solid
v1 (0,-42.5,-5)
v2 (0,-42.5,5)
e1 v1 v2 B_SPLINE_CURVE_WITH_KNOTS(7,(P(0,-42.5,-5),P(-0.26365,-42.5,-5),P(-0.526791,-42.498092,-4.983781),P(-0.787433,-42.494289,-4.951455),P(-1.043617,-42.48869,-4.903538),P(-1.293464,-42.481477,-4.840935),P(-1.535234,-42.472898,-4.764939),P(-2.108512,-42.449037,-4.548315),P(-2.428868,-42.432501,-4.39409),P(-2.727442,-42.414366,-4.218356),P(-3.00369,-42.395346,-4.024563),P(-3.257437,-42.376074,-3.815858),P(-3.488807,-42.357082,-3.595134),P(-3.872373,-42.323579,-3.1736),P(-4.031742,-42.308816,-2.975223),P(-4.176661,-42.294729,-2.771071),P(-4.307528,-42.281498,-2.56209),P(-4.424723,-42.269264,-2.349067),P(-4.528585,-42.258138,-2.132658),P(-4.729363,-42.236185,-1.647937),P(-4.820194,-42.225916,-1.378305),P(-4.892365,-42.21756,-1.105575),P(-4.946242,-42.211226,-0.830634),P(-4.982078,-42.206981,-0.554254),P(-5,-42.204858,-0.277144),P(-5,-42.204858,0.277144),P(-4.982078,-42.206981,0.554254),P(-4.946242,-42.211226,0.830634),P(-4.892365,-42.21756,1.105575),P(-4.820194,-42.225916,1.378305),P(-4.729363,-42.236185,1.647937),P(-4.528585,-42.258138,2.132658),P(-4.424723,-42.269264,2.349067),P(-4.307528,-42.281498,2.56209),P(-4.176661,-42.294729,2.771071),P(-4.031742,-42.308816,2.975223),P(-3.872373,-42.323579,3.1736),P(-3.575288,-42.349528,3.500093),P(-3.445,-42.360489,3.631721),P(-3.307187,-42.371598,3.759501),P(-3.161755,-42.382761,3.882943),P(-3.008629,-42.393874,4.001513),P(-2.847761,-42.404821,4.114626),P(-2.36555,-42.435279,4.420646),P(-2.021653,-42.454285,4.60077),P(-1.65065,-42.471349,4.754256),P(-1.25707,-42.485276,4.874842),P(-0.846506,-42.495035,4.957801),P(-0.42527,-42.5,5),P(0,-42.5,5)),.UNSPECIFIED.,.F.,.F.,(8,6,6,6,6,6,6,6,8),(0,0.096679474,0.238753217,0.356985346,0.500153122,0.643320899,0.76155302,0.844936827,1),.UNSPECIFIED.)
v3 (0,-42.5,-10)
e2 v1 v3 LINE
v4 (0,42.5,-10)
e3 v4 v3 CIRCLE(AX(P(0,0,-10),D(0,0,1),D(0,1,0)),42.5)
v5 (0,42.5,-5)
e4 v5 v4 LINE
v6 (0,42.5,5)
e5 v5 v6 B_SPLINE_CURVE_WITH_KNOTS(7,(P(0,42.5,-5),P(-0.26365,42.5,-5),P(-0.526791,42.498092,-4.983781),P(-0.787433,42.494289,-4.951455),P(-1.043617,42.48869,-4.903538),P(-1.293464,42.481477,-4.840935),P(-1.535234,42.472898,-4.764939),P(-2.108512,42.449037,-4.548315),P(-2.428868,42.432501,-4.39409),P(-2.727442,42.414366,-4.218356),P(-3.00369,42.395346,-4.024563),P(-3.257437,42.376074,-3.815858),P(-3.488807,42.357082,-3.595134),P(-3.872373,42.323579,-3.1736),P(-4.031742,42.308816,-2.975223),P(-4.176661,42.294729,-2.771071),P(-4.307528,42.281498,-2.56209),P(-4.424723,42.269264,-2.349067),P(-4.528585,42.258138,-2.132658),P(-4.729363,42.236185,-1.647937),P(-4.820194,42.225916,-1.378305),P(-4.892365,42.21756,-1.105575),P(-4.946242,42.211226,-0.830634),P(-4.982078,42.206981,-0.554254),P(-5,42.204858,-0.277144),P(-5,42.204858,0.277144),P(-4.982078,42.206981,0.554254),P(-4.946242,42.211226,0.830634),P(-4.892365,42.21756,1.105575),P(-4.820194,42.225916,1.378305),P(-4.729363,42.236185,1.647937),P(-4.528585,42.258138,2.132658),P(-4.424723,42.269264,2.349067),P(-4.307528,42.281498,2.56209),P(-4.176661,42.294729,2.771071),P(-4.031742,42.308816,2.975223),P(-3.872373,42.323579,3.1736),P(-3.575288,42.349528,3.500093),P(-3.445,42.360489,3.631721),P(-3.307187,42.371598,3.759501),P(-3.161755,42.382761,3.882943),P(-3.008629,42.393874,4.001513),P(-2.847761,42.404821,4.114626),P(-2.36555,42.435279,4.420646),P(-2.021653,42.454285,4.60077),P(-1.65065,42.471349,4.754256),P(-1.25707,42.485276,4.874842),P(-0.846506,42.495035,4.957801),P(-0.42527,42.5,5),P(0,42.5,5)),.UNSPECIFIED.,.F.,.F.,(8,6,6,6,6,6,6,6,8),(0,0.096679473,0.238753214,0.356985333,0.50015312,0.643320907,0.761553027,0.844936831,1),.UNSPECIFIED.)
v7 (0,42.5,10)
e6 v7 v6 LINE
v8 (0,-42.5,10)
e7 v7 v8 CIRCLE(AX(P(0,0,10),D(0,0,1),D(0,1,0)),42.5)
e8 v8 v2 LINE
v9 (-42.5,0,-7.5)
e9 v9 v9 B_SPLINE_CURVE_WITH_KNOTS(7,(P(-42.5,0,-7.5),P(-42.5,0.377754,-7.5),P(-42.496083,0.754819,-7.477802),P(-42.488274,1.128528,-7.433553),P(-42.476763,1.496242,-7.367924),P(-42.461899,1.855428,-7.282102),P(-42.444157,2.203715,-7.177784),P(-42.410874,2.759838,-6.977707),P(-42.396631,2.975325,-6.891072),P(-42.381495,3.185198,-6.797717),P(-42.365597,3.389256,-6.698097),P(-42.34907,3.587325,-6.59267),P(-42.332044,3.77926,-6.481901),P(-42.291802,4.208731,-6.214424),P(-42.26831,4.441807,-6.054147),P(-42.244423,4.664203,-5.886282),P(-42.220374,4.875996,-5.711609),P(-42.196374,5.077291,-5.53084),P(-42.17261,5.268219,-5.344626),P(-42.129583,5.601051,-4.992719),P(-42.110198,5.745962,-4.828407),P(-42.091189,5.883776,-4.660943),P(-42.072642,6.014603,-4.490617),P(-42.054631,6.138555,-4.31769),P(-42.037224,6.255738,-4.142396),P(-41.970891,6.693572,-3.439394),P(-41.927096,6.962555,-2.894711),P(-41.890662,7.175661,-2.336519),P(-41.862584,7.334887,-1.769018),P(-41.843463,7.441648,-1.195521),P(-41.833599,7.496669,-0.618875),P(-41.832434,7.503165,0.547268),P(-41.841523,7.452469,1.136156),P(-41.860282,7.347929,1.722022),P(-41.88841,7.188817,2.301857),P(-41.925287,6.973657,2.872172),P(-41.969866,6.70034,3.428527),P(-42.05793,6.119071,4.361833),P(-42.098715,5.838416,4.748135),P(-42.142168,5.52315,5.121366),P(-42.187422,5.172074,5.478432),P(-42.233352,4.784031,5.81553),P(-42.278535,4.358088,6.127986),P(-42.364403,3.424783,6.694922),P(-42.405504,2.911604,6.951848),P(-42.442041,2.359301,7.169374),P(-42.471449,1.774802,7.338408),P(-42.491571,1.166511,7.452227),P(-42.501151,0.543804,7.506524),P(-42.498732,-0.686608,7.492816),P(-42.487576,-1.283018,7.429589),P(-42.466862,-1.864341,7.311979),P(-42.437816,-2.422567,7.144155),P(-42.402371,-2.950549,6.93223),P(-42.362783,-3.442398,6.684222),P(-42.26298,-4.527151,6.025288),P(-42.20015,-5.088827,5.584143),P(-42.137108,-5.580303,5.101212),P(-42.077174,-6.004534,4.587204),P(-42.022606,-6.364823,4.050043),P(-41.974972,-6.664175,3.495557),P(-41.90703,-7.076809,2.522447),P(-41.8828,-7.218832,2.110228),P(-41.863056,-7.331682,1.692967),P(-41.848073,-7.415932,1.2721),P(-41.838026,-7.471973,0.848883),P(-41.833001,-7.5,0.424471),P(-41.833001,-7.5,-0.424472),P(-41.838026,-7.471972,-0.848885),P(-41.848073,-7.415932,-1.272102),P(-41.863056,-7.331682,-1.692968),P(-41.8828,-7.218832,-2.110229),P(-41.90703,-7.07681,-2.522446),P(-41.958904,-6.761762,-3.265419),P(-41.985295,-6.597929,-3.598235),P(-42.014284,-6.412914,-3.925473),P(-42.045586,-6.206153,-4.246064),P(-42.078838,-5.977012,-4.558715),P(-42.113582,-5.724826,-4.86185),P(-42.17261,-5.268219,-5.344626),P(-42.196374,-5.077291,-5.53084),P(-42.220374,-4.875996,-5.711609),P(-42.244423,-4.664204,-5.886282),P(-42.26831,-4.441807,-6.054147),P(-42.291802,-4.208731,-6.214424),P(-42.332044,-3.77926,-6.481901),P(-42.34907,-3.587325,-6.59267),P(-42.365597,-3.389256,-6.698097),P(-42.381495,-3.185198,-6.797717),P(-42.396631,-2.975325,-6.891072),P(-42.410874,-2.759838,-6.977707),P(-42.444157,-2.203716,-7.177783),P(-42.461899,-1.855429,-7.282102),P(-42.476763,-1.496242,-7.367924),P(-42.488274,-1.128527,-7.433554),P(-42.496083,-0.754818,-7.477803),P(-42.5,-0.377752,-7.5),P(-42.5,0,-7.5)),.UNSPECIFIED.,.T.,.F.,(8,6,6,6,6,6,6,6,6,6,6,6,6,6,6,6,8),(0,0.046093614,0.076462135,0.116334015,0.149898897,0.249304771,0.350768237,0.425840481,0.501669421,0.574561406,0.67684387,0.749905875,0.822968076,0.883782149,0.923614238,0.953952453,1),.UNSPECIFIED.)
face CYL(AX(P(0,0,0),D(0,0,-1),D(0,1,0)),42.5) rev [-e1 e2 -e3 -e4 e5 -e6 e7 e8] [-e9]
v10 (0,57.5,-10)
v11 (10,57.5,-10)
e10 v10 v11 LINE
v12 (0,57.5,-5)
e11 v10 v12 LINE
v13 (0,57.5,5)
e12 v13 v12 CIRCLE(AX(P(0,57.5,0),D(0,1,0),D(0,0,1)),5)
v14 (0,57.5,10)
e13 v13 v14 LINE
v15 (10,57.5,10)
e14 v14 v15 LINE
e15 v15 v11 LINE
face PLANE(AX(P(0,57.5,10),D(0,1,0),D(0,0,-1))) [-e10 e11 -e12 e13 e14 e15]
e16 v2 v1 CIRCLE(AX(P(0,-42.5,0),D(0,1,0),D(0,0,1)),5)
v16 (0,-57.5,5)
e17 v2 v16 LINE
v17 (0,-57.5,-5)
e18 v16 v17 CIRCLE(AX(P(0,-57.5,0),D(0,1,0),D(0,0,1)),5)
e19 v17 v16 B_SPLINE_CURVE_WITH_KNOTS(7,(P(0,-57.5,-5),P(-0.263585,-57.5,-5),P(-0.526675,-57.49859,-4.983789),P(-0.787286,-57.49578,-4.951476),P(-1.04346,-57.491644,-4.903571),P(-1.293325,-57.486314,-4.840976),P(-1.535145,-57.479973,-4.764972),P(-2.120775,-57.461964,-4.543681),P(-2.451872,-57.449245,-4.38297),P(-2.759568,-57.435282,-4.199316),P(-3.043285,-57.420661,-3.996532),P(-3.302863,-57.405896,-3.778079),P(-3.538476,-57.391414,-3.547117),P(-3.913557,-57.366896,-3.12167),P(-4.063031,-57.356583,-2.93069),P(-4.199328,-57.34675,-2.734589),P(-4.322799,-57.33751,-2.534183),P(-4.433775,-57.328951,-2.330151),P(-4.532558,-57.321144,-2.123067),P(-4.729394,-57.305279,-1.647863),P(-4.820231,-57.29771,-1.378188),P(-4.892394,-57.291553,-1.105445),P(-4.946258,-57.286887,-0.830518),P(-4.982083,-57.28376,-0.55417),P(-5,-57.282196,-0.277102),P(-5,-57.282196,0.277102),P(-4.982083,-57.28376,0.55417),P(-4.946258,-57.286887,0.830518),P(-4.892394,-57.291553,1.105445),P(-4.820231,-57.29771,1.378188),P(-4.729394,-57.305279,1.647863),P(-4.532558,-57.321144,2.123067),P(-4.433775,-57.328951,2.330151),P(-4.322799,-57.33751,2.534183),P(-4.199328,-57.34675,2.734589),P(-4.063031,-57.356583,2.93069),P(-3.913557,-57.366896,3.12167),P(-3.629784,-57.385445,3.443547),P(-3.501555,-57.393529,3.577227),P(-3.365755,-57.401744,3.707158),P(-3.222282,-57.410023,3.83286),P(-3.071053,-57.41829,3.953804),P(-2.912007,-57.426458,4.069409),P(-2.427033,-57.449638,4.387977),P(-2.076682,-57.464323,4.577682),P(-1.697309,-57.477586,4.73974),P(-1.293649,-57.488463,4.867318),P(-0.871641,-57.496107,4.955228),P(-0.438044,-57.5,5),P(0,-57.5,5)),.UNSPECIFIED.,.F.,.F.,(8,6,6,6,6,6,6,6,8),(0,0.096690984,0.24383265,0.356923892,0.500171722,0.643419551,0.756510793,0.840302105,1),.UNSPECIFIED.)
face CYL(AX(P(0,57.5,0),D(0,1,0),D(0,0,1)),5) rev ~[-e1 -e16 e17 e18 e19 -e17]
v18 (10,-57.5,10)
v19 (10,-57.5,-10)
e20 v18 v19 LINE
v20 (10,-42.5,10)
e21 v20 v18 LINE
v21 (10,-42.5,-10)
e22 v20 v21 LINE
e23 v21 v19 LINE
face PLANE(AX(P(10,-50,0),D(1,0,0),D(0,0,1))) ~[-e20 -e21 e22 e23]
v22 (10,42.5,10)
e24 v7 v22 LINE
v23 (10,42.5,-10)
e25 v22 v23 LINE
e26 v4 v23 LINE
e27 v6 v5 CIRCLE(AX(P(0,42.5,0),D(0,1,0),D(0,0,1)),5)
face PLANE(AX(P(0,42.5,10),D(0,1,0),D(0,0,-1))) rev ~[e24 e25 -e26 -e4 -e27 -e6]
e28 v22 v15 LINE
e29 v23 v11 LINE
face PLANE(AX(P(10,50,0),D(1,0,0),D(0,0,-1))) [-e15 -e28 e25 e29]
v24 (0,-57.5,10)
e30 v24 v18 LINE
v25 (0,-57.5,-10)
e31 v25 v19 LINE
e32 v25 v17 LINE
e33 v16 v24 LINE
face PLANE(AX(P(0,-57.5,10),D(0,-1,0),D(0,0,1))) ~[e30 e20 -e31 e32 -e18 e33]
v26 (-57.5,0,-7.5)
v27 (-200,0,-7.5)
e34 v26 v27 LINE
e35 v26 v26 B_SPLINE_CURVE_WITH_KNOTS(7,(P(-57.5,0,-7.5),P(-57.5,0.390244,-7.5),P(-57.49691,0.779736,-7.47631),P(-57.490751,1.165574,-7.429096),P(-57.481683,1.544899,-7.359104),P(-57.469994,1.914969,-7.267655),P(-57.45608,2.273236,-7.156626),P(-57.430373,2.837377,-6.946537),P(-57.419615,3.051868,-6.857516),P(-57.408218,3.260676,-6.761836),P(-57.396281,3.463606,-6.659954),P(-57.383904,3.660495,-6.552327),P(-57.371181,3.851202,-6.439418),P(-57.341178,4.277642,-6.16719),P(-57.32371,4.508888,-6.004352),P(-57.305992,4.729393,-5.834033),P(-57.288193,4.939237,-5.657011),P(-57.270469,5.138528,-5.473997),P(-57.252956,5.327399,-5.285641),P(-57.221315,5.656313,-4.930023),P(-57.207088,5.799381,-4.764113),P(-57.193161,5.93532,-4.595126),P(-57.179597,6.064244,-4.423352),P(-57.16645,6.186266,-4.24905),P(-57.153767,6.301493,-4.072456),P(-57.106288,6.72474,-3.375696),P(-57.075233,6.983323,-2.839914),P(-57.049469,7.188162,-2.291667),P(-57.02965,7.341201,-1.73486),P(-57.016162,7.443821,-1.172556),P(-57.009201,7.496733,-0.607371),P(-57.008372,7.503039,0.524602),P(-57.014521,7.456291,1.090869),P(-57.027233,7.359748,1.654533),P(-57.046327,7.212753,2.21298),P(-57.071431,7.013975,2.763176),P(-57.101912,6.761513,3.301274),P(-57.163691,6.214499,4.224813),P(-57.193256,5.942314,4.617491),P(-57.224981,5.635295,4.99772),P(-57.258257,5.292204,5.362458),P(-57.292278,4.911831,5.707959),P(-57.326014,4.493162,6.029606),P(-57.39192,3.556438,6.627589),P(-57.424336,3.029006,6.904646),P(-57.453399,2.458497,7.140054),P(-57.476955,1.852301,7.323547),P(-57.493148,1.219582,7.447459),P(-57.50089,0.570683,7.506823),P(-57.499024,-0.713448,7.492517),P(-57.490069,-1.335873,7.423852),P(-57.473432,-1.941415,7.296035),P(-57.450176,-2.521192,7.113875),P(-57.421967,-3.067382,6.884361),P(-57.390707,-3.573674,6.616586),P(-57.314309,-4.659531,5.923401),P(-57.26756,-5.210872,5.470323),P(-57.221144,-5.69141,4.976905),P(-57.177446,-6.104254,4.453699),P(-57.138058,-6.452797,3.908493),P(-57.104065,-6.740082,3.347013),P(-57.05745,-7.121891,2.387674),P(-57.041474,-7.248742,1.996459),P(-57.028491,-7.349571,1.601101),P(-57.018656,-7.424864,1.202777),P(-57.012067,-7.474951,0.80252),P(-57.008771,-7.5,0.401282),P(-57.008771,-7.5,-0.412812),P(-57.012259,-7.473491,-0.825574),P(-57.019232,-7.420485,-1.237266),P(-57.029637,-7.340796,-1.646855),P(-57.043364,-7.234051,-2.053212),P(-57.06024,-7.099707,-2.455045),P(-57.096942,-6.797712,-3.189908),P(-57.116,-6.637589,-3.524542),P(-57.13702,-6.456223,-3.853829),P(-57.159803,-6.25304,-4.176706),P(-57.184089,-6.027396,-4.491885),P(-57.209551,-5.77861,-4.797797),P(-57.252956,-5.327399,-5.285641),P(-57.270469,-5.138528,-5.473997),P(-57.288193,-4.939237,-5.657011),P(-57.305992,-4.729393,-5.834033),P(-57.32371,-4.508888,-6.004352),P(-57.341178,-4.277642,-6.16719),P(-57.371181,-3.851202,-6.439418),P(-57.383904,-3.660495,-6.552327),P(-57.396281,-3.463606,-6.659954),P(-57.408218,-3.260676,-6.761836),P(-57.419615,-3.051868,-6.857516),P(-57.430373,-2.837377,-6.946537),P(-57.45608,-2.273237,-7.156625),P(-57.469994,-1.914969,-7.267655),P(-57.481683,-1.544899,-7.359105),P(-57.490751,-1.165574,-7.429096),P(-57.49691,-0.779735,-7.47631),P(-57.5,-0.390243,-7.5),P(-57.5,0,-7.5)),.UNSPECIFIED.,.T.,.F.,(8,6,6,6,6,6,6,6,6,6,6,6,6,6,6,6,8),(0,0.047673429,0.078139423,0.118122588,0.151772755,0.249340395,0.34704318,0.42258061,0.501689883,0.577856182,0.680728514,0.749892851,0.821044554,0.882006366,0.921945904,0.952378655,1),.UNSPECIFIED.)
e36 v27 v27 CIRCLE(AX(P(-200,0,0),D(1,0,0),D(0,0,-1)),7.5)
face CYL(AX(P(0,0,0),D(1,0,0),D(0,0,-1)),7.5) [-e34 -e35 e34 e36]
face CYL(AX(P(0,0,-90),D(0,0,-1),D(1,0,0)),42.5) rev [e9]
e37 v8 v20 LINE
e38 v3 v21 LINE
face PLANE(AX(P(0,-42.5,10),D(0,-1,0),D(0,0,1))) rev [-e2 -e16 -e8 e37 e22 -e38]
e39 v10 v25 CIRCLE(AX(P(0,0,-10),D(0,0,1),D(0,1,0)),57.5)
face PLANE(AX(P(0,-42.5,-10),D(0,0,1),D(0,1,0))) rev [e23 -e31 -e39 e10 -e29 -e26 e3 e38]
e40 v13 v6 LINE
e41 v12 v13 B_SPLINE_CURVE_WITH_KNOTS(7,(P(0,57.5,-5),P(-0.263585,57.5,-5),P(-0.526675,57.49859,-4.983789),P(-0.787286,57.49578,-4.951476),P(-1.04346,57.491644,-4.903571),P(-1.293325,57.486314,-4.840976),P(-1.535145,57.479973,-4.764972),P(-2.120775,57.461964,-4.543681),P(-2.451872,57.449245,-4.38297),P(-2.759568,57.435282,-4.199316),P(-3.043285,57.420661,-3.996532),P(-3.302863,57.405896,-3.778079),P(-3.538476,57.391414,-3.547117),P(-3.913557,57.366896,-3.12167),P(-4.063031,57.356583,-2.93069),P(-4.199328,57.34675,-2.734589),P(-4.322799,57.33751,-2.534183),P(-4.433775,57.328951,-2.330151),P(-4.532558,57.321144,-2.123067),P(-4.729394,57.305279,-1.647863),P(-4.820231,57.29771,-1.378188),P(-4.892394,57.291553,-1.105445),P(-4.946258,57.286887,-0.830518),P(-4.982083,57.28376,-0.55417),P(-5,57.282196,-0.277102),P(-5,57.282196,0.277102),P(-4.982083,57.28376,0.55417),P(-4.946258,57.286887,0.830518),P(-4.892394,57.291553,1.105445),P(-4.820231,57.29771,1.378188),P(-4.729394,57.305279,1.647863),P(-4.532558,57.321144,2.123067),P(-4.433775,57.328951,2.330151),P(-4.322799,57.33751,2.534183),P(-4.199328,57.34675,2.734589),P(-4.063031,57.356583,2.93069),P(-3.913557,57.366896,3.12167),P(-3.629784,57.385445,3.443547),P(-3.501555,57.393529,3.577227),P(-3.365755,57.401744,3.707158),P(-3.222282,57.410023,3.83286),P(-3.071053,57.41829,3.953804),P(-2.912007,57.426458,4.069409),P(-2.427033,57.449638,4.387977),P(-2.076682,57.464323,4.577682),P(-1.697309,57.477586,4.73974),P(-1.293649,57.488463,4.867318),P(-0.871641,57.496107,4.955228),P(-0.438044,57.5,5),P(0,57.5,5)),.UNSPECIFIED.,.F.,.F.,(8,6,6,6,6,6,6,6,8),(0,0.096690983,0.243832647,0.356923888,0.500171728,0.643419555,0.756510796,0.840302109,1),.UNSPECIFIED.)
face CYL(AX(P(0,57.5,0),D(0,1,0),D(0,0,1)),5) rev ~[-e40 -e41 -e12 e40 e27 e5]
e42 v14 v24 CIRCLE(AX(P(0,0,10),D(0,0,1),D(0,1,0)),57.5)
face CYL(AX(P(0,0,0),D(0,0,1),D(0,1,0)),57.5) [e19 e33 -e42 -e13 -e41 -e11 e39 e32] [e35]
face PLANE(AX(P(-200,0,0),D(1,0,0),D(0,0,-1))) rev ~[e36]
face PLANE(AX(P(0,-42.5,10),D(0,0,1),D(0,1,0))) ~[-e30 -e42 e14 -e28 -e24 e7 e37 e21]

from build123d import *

# Parameters (mm, degrees)
CROQUIS2_R              = 7.5
SALIENTE_EXTRUIR1_DEPTH = 200
CROQUIS3_W              = 20
CROQUIS3_H              = 15
CORTAR_EXTRUIR1_START   = -100
CROQUIS5_R              = 42.5
CORTAR_EXTRUIR1_DEPTH   = 100
CROQUIS6_W              = 20
CROQUIS6_H              = 15
SALIENTE_EXTRUIR2_DEPTH = 10
CROQUIS8_R              = 5
CORTAR_EXTRUIR2_DEPTH   = 231.922064916


with BuildPart() as part:
    # Croquis2 → Saliente-Extruir1 (new body)
    with BuildSketch(Plane(origin=(0, 0, 0), x_dir=(0, 0, -1), z_dir=(1, 0, 0))):
        Circle(CROQUIS2_R)
    extrude(amount=-SALIENTE_EXTRUIR1_DEPTH)

    # Barrer1: sweep along a path in Croquis4
    with BuildLine(Plane.XY) as barrer1_path:
        ThreePointArc((0, 50), (-50, 0), (0, -50))
    # Croquis3 → Barrer1 (sweep)
    with BuildSketch(Plane(origin=(0, 0, 0), x_dir=(0, 0, -1), z_dir=(1, 0, 0))):
        with Locations((0, 50)):
            Rectangle(CROQUIS3_W, CROQUIS3_H)
    sweep(path=barrer1_path.line)

    # Croquis5 → Cortar-Extruir1 (cut)
    with BuildSketch(Plane.XY.offset(10).offset(CORTAR_EXTRUIR1_START)):
        Circle(CROQUIS5_R)
    extrude(amount=CORTAR_EXTRUIR1_DEPTH, mode=Mode.SUBTRACT)

    # Croquis6 → Saliente-Extruir2 (add)
    with BuildSketch(Plane(origin=(0, 0, 0), x_dir=(0, 0, -1), z_dir=(1, 0, 0))):
        with Locations((0, 50)):
            Rectangle(CROQUIS6_W, CROQUIS6_H)
    saliente_extruir2 = extrude(amount=SALIENTE_EXTRUIR2_DEPTH)

    # Simetría1: Saliente-Extruir2 across plane
    add(saliente_extruir2.mirror(Plane.ZX))

    # Croquis8 → Cortar-Extruir2 (cut, through all)
    with BuildSketch(Plane(origin=(0, 57.5, 0), x_dir=(1, 0, 0), z_dir=(0, 1, 0))):
        with Locations(Location((0, 0, 0), (0, 0, 270))):
            Circle(CROQUIS8_R)
    extrude(amount=-CORTAR_EXTRUIR2_DEPTH, mode=Mode.SUBTRACT)


solid = part.part
